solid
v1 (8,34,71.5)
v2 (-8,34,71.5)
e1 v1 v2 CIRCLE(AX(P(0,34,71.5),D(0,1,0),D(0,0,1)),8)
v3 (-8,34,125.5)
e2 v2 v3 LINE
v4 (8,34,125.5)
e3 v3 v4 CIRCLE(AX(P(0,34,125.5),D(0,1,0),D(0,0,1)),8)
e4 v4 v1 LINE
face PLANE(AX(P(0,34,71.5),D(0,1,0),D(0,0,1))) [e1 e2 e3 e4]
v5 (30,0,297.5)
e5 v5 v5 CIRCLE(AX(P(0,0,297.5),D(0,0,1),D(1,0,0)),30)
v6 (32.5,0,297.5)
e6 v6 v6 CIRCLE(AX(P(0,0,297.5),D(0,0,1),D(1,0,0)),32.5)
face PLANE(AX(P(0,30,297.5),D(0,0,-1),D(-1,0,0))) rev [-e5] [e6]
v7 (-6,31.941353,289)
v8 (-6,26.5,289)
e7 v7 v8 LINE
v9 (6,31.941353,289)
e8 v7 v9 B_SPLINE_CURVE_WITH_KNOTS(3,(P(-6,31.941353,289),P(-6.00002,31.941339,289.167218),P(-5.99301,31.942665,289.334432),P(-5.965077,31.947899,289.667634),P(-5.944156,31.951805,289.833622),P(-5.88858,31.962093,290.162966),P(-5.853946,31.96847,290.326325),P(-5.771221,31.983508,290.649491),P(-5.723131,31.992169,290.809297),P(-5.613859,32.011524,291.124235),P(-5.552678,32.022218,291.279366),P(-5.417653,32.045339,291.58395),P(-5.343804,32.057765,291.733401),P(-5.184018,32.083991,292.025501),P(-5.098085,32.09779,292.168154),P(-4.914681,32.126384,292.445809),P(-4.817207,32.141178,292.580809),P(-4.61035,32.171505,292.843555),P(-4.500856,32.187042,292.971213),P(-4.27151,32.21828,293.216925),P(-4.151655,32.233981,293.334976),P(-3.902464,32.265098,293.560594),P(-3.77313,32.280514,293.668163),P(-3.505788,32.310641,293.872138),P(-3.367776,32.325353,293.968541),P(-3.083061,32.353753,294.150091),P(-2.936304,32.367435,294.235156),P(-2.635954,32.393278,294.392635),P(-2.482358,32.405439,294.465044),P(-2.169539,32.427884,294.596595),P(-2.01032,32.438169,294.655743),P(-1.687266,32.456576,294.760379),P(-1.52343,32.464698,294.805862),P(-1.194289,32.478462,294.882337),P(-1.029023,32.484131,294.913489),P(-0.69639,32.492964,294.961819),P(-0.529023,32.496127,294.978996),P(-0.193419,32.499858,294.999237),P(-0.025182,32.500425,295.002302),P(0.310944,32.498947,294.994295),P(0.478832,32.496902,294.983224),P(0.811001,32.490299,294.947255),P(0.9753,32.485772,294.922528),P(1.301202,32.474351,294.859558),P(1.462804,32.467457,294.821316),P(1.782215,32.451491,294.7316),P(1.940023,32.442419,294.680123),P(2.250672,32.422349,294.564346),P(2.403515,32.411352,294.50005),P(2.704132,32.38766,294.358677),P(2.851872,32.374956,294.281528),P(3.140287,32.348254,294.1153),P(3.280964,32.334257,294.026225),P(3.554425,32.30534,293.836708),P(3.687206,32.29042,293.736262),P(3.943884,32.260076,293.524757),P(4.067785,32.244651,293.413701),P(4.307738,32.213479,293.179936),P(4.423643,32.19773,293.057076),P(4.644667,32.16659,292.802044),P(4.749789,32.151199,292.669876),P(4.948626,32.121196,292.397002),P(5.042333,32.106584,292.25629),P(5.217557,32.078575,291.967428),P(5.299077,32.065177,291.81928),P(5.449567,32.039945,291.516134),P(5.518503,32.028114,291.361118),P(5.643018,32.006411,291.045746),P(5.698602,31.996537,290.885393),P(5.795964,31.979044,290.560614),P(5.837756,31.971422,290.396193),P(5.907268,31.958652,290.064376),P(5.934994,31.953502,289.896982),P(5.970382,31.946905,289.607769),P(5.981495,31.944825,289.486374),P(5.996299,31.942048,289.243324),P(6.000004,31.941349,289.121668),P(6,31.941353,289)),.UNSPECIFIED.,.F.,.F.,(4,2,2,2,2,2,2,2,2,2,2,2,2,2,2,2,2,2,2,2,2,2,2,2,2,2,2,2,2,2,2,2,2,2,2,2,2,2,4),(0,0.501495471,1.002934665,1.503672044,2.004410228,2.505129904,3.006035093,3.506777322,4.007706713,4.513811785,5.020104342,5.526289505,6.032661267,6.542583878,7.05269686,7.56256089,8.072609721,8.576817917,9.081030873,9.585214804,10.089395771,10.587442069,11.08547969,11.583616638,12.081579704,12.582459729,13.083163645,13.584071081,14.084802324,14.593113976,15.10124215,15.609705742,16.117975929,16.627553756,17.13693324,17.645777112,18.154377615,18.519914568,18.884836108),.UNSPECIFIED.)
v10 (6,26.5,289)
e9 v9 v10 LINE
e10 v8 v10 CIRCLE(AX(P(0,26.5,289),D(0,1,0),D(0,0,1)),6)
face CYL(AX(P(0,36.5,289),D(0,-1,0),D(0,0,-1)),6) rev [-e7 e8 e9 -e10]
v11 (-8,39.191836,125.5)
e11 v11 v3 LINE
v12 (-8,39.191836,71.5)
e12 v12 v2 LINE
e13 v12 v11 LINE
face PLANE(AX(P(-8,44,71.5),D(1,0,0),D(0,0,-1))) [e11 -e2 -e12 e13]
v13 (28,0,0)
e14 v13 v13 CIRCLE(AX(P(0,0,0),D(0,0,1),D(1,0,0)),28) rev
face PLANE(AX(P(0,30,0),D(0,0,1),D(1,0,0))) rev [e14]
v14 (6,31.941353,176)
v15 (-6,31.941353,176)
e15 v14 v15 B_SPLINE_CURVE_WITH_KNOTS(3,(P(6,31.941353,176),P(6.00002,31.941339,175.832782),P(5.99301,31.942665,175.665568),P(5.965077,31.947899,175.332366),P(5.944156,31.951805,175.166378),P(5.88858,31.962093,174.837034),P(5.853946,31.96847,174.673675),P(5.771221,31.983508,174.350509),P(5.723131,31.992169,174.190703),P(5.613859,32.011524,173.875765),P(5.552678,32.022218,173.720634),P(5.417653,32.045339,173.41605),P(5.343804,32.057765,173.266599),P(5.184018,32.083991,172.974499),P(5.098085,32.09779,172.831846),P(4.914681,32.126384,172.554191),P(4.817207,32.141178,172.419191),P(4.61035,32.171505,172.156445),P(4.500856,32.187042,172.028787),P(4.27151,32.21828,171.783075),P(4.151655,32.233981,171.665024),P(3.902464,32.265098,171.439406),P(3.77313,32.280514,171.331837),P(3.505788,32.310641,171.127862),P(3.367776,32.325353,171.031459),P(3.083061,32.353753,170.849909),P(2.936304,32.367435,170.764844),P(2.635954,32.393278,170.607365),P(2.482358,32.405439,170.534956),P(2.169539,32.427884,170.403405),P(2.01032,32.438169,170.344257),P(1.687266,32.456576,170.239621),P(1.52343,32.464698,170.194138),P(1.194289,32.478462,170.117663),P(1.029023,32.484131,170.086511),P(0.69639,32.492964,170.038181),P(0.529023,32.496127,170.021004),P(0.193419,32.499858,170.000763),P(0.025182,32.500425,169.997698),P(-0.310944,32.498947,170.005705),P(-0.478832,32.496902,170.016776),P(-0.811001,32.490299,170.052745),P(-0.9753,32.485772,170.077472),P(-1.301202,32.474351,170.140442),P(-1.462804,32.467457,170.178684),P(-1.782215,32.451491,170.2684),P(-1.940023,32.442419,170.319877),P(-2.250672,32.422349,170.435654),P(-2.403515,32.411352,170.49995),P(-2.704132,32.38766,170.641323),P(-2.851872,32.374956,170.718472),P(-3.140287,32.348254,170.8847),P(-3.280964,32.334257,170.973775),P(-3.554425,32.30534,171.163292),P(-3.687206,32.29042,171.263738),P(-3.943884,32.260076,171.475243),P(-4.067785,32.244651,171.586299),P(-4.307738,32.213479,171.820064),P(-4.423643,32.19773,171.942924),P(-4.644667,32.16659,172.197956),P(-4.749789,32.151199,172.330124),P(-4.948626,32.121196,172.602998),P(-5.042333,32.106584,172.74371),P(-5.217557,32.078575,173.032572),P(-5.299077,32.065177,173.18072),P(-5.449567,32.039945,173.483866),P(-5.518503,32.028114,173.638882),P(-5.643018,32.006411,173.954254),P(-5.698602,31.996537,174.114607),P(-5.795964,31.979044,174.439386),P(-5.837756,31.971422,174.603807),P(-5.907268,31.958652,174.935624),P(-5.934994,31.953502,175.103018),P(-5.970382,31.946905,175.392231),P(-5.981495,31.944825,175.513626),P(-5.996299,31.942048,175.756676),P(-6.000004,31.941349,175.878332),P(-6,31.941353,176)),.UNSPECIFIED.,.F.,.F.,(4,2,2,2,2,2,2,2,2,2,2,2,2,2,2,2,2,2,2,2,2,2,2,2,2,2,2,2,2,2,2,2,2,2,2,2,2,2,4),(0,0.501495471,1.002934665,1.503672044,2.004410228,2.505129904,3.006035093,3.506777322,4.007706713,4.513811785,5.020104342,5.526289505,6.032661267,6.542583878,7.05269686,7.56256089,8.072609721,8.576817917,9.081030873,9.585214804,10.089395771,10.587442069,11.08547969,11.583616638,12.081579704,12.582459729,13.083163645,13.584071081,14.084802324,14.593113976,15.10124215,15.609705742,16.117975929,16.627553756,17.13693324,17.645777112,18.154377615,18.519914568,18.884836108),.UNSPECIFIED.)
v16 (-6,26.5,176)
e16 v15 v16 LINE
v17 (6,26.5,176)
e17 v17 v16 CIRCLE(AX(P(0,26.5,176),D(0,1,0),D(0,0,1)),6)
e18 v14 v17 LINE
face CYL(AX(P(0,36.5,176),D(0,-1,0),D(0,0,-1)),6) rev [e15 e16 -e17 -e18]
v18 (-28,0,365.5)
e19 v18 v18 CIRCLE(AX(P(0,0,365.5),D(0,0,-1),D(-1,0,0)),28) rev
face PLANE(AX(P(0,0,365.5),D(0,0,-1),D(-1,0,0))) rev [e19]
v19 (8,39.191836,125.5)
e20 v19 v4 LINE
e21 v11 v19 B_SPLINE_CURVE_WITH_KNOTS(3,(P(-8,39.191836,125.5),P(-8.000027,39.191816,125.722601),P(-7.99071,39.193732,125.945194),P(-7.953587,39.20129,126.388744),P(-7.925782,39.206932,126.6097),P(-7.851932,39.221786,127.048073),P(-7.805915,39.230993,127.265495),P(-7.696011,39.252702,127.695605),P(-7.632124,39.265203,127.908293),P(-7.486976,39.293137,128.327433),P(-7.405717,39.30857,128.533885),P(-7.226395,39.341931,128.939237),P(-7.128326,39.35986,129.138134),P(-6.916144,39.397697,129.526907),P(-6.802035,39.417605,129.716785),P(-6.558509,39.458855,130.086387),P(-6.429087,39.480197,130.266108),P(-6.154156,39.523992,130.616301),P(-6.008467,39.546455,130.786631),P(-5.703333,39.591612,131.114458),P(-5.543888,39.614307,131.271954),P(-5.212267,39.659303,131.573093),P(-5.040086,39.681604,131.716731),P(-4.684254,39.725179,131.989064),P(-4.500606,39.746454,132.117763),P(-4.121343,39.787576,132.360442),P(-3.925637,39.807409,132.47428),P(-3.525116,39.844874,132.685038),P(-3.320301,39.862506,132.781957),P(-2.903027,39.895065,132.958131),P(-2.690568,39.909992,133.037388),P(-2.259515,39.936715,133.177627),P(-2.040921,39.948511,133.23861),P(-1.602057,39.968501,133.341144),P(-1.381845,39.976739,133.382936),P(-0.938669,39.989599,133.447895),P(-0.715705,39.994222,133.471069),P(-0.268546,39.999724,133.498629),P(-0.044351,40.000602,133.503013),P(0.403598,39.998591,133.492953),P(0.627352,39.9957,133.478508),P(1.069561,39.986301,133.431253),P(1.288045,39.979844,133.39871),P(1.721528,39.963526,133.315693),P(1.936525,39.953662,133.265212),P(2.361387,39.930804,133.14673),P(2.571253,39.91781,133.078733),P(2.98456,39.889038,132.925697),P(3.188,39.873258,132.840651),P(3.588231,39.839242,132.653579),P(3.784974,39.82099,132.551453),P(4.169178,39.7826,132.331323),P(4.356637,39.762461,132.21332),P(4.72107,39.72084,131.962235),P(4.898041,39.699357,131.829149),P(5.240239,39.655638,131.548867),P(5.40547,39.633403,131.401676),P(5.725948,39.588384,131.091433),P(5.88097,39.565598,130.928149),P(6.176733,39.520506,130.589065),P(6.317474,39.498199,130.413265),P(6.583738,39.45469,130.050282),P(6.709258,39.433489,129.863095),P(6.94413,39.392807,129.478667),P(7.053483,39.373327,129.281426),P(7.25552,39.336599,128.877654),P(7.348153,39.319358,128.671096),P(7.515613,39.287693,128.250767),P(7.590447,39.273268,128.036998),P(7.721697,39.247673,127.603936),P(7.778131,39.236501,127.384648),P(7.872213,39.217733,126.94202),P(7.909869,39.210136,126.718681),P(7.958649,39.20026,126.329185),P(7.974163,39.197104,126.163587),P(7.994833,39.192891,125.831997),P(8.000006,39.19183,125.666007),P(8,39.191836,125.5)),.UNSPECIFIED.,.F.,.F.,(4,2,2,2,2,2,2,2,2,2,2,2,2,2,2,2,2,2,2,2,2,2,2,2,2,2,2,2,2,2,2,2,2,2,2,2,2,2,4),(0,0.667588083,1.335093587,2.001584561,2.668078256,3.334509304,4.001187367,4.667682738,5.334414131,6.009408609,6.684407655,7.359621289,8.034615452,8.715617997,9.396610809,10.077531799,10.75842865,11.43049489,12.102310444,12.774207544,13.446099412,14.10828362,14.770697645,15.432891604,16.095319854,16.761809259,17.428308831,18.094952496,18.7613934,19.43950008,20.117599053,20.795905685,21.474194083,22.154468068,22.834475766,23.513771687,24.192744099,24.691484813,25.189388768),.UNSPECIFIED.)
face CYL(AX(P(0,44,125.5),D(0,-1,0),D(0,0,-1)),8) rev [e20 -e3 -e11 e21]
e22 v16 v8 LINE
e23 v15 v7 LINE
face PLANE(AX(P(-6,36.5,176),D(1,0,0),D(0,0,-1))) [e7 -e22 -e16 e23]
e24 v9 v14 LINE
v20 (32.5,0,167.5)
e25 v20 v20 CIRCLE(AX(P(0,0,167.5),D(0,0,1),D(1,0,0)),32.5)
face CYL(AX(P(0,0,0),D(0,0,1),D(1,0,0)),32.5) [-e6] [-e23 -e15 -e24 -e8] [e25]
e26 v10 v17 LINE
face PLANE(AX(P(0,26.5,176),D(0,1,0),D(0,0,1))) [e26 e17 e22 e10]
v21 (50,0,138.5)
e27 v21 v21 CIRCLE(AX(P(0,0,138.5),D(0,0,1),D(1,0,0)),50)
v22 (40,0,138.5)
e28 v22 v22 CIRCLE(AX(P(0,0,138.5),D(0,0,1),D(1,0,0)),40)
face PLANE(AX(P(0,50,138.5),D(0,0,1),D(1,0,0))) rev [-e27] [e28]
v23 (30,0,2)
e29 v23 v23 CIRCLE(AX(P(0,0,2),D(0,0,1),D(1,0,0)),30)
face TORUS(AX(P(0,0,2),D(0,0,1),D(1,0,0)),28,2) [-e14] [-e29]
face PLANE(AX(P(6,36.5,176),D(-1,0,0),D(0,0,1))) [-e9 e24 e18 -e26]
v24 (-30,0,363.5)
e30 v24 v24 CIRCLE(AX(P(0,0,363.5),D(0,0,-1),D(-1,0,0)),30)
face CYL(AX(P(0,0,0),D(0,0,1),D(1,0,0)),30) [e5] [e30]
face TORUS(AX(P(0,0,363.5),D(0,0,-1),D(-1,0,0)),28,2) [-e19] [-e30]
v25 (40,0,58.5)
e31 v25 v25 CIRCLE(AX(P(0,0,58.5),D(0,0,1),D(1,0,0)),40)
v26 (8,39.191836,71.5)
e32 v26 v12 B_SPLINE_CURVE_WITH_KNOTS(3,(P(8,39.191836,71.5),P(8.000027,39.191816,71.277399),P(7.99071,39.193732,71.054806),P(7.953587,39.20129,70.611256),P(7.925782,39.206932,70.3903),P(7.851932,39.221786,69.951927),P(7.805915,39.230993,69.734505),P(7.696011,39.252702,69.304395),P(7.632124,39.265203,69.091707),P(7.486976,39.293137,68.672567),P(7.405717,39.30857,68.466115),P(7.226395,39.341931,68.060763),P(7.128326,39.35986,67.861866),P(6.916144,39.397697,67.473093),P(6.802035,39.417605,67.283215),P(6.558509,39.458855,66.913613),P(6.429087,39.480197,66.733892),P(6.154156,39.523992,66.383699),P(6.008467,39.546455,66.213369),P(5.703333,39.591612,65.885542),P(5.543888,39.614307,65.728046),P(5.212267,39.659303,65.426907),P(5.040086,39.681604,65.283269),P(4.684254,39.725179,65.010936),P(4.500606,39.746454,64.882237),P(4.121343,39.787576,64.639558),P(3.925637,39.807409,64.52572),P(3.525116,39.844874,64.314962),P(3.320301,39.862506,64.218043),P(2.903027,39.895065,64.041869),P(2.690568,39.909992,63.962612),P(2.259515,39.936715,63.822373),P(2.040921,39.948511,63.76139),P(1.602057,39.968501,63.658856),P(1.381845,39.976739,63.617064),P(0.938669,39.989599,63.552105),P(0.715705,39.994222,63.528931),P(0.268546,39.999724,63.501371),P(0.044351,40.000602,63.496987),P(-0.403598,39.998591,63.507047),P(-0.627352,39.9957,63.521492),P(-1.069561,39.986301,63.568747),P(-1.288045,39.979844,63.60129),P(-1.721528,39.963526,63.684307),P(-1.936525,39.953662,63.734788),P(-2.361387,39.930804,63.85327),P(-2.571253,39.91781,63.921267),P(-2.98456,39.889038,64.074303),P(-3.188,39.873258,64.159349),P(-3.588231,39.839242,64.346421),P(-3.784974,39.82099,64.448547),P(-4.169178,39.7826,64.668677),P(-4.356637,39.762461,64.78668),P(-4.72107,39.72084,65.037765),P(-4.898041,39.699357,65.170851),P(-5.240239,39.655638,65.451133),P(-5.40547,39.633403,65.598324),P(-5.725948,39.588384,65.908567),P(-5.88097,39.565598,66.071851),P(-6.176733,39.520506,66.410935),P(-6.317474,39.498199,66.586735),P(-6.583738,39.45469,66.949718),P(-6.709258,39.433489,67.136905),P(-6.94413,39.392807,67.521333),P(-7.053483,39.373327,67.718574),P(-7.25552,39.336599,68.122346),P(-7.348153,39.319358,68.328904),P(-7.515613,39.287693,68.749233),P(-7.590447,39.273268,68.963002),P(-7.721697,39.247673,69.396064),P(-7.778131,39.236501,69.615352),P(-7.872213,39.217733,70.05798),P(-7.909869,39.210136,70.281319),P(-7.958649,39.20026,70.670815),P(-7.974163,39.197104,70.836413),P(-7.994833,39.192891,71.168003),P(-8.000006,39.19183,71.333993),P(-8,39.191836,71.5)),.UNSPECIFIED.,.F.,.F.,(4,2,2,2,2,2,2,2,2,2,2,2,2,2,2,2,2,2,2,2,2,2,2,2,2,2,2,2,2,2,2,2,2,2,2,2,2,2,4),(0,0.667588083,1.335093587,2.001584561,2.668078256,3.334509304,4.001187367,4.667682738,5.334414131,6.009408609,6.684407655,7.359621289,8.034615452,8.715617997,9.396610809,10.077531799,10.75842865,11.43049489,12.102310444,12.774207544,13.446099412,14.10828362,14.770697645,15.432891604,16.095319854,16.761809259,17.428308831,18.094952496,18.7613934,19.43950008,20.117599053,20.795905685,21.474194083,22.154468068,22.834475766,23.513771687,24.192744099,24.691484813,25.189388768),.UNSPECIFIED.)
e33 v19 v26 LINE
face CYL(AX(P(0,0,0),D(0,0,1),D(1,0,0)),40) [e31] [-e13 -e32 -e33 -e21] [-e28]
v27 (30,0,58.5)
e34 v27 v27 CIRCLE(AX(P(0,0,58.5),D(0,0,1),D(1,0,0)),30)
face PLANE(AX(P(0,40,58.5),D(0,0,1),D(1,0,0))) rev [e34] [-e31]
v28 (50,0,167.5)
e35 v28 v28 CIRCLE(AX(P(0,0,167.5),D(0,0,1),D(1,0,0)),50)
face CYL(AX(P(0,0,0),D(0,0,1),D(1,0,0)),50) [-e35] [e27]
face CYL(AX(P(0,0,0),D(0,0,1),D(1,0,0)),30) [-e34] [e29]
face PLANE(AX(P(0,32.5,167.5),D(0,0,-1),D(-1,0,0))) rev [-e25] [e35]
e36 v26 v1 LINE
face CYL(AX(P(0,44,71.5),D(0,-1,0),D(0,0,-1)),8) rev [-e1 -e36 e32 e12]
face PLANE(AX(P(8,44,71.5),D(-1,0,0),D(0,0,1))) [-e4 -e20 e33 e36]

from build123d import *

# Parameters (mm, degrees)
FILLET1_R          = 2
CUT_EXTRUDE1_START = 34
CUT_EXTRUDE1_DEPTH = 10
CUT_EXTRUDE2_START = 26.5
CUT_EXTRUDE2_DEPTH = 10


with BuildPart() as part:
    # Sketch1 → Revolve1 (revolve)
    with BuildSketch(Plane(origin=(0, 0, 0), x_dir=(0, 0, -1), z_dir=(1, 0, 0))):
        Polygon((0, 0), (-365.5, 0), (-365.5, 30), (-297.5, 30), (-297.5, 32.5), (-167.5, 32.5), (-167.5, 50), (-138.5, 50), (-138.5, 40), (-58.5, 40), (-58.5, 30), (0, 30), align=None)
    revolve(axis=Axis((0, 0, 0), (0, 0, -1)))

    # Fillet1
    fillet1_edges = [part.edges().sort_by_distance(p)[0] for p in [
        (0, -30, 365.5),
        (0, -30, 0),
    ]]
    fillet(fillet1_edges, radius=FILLET1_R)

    # Sketch2 → Cut-Extrude1 (cut)
    with BuildSketch(Plane(origin=(0, 0, 0), x_dir=(1, 0, 0), z_dir=(0, 1, 0)).offset(CUT_EXTRUDE1_START)):
        with BuildLine():
            Line((8, -71.5), (8, -125.5))
            ThreePointArc((8, -125.5), (0, -133.5), (-8, -125.5))
            Line((-8, -125.5), (-8, -71.5))
            ThreePointArc((-8, -71.5), (0, -63.5), (8, -71.5))
        make_face()
    extrude(amount=CUT_EXTRUDE1_DEPTH, mode=Mode.SUBTRACT)

    # Sketch3 → Cut-Extrude2 (cut)
    with BuildSketch(Plane(origin=(0, 0, 0), x_dir=(1, 0, 0), z_dir=(0, 1, 0)).offset(CUT_EXTRUDE2_START)):
        with BuildLine():
            Line((6, -176), (6, -289))
            ThreePointArc((6, -289), (0, -295), (-6, -289))
            Line((-6, -289), (-6, -176))
            ThreePointArc((-6, -176), (0, -170), (6, -176))
        make_face()
    extrude(amount=CUT_EXTRUDE2_DEPTH, mode=Mode.SUBTRACT)


solid = part.part
